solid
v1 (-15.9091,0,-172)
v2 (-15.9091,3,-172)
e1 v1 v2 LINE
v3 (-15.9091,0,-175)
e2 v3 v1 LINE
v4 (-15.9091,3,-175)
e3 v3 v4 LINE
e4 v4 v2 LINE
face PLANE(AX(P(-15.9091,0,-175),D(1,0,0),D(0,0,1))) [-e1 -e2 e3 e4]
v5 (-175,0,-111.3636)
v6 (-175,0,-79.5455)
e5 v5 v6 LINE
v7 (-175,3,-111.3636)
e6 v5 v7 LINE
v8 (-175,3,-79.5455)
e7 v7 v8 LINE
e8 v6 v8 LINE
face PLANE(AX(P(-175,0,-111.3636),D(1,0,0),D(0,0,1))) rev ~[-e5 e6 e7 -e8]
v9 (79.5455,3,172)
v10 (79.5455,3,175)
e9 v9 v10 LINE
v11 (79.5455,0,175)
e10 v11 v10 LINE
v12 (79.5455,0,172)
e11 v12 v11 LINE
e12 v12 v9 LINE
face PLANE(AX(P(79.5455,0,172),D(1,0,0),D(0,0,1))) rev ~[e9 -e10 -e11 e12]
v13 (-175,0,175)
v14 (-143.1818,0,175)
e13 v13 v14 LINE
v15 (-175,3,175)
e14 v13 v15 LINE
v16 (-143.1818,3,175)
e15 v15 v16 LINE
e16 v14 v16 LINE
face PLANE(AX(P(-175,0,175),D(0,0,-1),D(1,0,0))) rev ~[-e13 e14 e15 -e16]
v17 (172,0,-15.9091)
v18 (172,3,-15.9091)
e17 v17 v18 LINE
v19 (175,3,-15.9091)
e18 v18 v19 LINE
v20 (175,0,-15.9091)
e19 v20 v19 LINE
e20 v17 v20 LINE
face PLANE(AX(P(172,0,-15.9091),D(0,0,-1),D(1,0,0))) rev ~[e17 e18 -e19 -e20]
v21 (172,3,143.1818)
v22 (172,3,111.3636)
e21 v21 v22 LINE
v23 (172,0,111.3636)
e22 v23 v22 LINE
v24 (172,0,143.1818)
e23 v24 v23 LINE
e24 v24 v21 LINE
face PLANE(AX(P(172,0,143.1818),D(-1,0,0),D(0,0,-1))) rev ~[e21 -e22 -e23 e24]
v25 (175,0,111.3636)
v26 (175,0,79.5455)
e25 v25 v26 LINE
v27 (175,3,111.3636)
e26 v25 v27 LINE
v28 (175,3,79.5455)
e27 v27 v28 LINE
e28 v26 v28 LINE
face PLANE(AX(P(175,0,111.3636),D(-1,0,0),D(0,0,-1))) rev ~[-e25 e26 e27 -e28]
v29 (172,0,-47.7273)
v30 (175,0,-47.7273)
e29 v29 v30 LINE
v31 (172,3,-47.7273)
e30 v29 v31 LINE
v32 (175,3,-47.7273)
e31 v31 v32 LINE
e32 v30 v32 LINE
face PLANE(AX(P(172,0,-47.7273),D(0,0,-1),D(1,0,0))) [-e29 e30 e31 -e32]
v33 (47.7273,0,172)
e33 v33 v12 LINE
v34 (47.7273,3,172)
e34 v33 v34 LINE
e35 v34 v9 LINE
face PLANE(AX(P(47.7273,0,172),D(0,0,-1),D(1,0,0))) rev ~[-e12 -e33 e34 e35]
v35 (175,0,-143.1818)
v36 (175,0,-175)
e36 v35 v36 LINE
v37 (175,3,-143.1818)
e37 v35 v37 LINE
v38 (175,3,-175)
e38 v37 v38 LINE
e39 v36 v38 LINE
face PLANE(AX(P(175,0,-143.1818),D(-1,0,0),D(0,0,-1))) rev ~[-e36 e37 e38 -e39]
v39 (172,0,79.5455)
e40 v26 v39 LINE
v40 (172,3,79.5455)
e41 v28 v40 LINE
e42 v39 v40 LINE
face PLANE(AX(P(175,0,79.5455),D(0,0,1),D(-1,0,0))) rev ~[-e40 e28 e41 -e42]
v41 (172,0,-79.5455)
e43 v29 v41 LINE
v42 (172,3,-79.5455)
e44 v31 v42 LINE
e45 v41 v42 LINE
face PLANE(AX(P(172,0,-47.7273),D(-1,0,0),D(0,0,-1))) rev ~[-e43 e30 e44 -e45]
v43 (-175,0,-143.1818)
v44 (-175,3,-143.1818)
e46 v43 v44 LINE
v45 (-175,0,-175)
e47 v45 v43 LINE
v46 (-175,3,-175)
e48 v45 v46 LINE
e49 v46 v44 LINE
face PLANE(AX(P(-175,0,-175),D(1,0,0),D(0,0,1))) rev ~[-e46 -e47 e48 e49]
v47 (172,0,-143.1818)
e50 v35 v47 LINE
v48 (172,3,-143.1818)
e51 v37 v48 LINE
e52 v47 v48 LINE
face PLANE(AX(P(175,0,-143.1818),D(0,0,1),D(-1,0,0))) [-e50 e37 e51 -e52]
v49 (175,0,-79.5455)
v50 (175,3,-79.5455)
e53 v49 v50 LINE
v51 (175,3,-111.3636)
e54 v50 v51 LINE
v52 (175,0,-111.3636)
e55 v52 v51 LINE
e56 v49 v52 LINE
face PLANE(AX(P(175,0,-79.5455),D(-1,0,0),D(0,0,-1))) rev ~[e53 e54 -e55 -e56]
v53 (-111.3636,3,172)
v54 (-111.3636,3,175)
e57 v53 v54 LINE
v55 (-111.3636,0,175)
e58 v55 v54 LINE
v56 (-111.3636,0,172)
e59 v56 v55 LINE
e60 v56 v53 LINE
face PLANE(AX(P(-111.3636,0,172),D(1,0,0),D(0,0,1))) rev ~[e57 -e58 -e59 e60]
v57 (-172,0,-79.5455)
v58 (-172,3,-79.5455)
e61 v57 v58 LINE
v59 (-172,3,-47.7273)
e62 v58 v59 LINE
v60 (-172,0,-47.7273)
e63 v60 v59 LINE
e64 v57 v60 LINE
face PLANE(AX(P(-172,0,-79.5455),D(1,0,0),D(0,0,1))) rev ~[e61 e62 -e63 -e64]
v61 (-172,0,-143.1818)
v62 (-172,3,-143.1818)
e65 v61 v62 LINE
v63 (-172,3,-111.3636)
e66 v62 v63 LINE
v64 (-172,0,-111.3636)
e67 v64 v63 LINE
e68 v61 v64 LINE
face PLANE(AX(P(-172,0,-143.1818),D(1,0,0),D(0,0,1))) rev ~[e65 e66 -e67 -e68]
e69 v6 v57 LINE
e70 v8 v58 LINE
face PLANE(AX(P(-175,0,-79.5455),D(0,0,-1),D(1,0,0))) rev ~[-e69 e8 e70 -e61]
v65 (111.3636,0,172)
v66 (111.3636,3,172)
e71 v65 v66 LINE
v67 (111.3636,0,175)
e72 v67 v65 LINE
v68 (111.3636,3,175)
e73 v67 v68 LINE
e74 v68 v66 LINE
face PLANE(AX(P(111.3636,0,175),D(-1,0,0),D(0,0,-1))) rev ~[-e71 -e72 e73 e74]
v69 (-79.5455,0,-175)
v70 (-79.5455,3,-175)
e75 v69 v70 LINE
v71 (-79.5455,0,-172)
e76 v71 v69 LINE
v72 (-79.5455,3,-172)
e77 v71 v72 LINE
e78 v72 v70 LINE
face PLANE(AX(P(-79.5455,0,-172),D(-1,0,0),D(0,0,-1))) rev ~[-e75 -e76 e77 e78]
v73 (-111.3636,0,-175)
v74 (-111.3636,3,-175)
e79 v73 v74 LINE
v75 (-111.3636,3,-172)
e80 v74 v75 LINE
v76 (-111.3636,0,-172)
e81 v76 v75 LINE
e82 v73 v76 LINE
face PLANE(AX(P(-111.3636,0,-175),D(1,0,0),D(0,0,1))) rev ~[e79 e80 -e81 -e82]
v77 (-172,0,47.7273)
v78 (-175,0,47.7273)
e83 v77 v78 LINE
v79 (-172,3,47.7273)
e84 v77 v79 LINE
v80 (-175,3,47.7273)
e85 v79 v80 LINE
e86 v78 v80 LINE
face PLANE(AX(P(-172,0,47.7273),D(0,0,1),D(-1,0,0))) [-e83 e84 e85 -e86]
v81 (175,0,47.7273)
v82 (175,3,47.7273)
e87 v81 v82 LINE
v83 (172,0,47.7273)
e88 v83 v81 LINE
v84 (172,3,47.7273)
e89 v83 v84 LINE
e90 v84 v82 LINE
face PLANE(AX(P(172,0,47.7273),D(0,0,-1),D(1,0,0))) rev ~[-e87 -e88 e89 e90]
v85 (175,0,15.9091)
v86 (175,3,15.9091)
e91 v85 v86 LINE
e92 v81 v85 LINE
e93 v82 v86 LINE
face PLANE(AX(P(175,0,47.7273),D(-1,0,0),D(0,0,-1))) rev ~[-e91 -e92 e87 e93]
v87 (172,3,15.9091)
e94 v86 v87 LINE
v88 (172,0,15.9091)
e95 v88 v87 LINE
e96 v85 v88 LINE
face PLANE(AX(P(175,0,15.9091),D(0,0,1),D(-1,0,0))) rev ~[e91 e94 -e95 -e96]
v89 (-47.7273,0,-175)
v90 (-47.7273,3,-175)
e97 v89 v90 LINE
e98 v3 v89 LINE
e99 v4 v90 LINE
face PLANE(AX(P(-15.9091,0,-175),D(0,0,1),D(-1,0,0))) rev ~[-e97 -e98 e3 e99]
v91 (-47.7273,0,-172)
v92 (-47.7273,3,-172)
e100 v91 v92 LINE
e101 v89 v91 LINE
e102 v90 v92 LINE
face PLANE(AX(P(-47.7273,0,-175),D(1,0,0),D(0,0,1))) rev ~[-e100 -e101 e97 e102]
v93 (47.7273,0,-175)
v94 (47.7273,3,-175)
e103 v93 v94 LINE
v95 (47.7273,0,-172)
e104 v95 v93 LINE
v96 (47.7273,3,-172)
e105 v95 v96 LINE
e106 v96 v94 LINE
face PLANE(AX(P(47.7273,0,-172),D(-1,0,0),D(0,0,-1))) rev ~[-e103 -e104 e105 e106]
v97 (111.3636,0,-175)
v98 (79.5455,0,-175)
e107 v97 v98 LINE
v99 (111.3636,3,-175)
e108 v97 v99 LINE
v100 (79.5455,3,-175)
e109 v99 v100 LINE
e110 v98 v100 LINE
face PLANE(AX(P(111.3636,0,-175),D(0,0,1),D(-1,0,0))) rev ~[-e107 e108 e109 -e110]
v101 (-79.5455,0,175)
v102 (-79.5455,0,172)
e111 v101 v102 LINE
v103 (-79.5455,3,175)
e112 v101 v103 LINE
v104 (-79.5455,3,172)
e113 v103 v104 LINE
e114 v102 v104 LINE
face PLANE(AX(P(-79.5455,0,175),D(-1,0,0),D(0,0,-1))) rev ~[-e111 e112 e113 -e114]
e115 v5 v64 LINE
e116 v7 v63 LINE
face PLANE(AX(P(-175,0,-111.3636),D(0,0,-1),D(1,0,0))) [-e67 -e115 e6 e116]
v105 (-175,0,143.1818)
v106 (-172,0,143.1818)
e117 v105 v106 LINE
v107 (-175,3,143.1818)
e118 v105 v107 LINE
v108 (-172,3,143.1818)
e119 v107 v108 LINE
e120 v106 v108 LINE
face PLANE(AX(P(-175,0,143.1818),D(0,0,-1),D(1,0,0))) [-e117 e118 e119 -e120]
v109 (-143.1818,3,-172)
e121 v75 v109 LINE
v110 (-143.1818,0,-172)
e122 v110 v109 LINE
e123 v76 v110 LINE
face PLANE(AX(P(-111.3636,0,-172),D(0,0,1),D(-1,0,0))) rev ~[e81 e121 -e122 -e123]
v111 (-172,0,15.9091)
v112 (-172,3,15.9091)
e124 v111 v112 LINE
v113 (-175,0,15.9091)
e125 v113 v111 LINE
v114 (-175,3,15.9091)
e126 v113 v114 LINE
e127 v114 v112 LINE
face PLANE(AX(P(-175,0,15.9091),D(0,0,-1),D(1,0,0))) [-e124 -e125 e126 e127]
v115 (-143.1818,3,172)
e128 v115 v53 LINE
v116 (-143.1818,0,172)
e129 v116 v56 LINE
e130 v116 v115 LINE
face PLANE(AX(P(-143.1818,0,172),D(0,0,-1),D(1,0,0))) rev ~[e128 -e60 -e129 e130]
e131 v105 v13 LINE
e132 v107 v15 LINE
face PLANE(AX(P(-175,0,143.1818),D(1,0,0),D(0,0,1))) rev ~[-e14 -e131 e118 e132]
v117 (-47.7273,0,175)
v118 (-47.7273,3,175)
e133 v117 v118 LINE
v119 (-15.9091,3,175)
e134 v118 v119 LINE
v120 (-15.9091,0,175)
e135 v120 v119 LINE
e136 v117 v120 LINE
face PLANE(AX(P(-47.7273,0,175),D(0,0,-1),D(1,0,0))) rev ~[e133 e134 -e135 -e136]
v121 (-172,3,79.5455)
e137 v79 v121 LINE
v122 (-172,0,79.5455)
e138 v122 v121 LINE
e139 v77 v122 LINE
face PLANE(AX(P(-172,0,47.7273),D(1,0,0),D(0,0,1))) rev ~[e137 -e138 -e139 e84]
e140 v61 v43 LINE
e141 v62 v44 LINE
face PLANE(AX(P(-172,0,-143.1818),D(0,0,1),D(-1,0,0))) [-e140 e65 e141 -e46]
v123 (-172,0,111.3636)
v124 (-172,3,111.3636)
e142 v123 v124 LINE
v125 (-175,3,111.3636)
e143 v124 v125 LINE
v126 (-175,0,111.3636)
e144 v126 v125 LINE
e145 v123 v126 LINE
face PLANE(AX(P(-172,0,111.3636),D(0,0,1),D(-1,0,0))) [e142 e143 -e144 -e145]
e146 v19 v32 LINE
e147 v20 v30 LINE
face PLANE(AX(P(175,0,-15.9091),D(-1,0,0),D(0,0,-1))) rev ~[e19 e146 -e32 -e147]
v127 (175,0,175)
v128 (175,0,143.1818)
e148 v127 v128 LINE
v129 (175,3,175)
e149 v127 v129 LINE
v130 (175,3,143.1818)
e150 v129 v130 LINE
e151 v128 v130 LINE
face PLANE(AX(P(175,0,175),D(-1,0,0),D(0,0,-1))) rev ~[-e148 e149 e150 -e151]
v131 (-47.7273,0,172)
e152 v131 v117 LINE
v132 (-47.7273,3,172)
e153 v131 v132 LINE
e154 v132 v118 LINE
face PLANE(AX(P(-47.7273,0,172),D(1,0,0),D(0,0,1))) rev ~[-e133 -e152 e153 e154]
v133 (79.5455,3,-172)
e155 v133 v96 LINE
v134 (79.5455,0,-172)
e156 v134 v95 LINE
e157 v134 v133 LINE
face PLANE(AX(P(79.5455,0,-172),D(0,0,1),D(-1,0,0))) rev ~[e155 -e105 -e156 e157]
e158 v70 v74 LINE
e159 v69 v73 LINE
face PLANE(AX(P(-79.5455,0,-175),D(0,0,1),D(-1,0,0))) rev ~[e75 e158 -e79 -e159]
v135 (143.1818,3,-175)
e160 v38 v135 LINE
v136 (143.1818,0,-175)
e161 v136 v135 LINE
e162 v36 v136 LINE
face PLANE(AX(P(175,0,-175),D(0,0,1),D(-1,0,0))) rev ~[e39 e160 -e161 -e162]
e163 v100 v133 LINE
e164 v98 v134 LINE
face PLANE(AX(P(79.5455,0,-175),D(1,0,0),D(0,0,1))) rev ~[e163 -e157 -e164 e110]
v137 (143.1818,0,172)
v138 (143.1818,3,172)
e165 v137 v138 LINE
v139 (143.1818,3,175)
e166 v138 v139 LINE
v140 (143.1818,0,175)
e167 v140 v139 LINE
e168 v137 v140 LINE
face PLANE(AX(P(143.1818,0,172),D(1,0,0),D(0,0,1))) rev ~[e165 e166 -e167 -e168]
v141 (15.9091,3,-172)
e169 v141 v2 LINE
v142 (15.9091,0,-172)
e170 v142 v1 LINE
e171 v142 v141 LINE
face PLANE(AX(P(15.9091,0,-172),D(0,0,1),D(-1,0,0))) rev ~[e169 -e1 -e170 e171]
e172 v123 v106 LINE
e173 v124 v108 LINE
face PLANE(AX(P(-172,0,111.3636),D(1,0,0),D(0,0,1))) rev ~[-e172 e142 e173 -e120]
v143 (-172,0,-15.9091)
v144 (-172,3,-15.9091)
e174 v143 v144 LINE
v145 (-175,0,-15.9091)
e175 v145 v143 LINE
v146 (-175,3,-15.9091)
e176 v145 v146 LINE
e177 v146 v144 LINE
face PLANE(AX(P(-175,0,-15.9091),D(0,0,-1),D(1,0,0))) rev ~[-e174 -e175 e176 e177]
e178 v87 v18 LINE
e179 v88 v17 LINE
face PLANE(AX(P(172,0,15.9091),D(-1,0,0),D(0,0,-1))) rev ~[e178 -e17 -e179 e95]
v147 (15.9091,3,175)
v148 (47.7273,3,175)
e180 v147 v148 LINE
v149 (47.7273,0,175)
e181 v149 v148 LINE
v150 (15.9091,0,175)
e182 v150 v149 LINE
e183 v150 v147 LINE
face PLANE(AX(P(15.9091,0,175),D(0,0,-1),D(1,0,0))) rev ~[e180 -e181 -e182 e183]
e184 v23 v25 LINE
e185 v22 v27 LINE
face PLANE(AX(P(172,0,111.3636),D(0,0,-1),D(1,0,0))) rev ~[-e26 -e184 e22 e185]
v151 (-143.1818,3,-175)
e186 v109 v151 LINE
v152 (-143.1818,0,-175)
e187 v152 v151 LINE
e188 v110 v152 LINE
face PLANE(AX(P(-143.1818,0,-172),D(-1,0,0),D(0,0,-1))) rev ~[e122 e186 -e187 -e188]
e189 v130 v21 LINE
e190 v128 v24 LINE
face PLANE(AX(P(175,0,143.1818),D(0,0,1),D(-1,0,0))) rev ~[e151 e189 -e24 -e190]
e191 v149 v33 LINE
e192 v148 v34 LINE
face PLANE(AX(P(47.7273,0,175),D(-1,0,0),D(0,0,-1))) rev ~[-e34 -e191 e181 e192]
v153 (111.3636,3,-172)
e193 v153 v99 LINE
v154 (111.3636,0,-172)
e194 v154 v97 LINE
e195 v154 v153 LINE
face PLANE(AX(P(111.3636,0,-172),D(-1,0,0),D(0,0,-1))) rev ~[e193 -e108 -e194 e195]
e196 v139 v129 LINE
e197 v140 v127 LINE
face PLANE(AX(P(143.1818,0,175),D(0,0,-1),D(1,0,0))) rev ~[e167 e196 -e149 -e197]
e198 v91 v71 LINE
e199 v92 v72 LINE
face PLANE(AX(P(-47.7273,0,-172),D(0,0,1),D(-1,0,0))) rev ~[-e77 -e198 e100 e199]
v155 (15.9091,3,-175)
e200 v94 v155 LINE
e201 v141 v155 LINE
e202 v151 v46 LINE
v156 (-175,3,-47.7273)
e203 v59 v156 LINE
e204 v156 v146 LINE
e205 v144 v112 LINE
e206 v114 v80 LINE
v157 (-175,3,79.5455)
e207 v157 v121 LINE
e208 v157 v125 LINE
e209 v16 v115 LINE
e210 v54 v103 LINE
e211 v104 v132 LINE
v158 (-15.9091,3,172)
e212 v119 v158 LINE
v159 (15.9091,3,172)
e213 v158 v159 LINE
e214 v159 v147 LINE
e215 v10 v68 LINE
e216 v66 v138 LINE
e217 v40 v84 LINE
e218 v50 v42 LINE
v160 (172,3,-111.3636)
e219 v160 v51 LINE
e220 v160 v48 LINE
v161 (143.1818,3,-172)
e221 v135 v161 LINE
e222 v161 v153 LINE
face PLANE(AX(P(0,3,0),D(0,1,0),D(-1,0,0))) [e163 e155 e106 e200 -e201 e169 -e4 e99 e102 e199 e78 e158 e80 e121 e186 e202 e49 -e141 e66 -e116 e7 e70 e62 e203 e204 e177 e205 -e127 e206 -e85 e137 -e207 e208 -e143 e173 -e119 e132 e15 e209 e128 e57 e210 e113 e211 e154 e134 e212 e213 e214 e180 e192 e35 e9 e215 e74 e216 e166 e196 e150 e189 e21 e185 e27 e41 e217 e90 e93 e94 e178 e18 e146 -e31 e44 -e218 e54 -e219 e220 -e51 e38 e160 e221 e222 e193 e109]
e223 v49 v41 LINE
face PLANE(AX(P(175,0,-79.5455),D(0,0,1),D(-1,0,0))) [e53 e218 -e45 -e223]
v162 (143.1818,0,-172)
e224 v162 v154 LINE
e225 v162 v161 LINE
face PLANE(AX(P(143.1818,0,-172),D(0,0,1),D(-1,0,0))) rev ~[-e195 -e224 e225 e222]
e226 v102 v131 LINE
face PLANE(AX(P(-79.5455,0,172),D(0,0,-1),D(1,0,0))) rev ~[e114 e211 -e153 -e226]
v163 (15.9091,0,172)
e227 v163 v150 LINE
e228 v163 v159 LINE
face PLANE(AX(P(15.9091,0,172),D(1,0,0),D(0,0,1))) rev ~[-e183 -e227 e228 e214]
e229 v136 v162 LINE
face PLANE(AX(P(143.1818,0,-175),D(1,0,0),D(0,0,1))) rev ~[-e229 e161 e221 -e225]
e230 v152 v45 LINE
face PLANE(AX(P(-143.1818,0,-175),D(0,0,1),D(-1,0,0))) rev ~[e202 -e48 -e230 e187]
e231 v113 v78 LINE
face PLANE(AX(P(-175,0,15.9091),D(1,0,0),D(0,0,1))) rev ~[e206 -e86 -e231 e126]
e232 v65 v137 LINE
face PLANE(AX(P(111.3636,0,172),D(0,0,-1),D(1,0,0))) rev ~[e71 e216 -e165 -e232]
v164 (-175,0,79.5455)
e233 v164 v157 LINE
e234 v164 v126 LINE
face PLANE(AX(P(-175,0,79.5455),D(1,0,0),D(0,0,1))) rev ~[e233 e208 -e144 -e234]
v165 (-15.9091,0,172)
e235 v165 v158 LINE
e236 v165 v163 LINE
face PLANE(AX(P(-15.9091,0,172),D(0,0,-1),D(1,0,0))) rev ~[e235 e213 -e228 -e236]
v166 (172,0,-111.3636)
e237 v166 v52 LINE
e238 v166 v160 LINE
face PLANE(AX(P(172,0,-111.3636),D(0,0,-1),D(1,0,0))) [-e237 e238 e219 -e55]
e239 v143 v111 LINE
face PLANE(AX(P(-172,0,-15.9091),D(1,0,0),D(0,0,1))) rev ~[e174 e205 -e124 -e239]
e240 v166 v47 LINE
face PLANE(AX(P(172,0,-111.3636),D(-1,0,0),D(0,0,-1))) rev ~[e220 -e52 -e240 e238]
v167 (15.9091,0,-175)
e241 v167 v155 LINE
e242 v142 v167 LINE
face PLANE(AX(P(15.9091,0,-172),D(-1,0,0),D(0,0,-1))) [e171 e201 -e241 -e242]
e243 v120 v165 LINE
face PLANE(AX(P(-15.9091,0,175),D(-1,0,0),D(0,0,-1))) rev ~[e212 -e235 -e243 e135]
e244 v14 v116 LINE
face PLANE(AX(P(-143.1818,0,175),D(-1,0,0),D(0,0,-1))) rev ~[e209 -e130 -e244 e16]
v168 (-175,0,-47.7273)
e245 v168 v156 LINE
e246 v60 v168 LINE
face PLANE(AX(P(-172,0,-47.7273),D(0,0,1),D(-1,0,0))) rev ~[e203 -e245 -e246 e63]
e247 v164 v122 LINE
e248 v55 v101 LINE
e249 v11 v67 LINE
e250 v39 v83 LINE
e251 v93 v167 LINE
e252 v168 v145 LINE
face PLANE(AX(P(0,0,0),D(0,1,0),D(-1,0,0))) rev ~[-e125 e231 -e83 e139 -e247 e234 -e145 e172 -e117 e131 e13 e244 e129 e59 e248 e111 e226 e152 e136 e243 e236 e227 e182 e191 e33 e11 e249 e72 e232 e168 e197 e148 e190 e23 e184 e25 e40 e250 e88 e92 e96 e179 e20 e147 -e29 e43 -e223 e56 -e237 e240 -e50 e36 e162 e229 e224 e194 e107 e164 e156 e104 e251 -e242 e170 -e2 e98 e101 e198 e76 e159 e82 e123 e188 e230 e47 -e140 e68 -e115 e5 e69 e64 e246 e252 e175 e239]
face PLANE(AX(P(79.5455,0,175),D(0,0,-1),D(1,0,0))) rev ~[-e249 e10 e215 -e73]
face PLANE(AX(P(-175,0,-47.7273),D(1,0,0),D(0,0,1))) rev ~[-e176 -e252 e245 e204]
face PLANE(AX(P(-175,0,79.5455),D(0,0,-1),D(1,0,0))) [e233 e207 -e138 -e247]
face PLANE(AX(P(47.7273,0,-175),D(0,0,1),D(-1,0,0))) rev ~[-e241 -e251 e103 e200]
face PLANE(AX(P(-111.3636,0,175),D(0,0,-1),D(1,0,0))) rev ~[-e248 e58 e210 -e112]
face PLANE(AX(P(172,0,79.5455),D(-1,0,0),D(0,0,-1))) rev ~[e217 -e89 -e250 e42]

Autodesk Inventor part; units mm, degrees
ref_plane "YZ Plane" through (0, 0, 0) normal (1, 0, 0) x (0, 1, 0)
ref_plane "XZ Plane" through (0, 0, 0) normal (0, 1, 0) x (-1, 0, 0)
ref_plane "XY Plane" through (0, 0, 0) normal (0, 0, 1) x (1, 0, 0)
sketch "Sketch1" plane through (0, 0, 0) normal (0, 1, 0) x (-1, 0, 0)
  line L0 (143.1818, 175) -> (143.1818, 172)
  line L1 (111.3636, 172) -> (111.3636, 175)
  line L2 (79.5455, 175) -> (79.5455, 172)
  line L3 (47.7273, 172) -> (47.7273, 175)
  line L4 (15.9091, 175) -> (15.9091, 172)
  line L5 (-15.9091, 172) -> (-15.9091, 175)
  line L6 (-47.7273, 175) -> (-47.7273, 172)
  line L7 (-79.5455, 172) -> (-79.5455, 175)
  line L8 (-111.3636, 175) -> (-111.3636, 172)
  line L9 (-143.1818, 172) -> (-143.1818, 175)
  line L10 (-175, 143.1818) -> (-172, 143.1818)
  line L11 (-172, 111.3636) -> (-175, 111.3636)
  line L12 (-175, 79.5455) -> (-172, 79.5455)
  line L13 (-172, 47.7273) -> (-175, 47.7273)
  line L14 (-175, 15.9091) -> (-172, 15.9091)
  line L15 (-172, -15.9091) -> (-175, -15.9091)
  line L16 (-172, -47.7273) -> (-175, -47.7273)
  line L17 (-175, -79.5455) -> (-172, -79.5455)
  line L18 (-172, -111.3636) -> (-175, -111.3636)
  line L19 (-175, -143.1818) -> (-172, -143.1818)
  line L20 (-143.1818, -175) -> (-143.1818, -172)
  line L21 (-111.3636, -172) -> (-111.3636, -175)
  line L22 (-79.5455, -175) -> (-79.5455, -172)
  line L23 (-47.7273, -172) -> (-47.7273, -175)
  line L24 (-15.9091, -172) -> (-15.9091, -175)
  line L25 (15.9091, -175) -> (15.9091, -172)
  line L26 (143.1818, -172) -> (143.1818, -175)
  line L27 (111.3636, -175) -> (111.3636, -172)
  line L28 (79.5455, -172) -> (79.5455, -175)
  line L29 (47.7273, -175) -> (47.7273, -172)
  line L30 (172, -143.1818) -> (175, -143.1818)
  line L31 (175, -111.3636) -> (172, -111.3636)
  line L32 (175, -79.5455) -> (172, -79.5455)
  line L33 (175, -15.9091) -> (172, -15.9091)
  line L34 (175, 15.9091) -> (172, 15.9091)
  line L35 (175, 143.1818) -> (172, 143.1818)
  line L36 (172, 111.3636) -> (175, 111.3636)
  line L37 (175, 79.5455) -> (172, 79.5455)
  line L38 (172, 47.7273) -> (175, 47.7273)
  line L39 (111.3636, -172) -> (143.1818, -172)
  line L40 (47.7273, -172) -> (79.5455, -172)
  line L41 (-15.9091, -172) -> (15.9091, -172)
  line L42 (172, -143.1818) -> (172, -111.3636)
  line L43 (172, -15.9091) -> (172, 15.9091)
  line L44 (172, 47.7273) -> (172, 79.5455)
  line L45 (172, 111.3636) -> (172, 143.1818)
  line L46 (143.1818, 172) -> (111.3636, 172)
  line L47 (79.5455, 172) -> (47.7273, 172)
  line L48 (15.9091, 172) -> (-15.9091, 172)
  line L49 (-47.7273, 172) -> (-79.5455, 172)
  line L50 (-111.3636, 172) -> (-143.1818, 172)
  line L51 (-172, 143.1818) -> (-172, 111.3636)
  line L52 (-172, 79.5455) -> (-172, 47.7273)
  line L53 (-172, 15.9091) -> (-172, -15.9091)
  line L54 (-175, 47.7273) -> (-175, 15.9091)
  line L55 (-175, 175) -> (-175, 143.1818)
  line L56 (-175, 111.3636) -> (-175, 79.5455)
  line L57 (-143.1818, -172) -> (-111.3636, -172)
  line L58 (-79.5455, -172) -> (-47.7273, -172)
  line L59 (-172, -47.7273) -> (-172, -79.5455)
  line L60 (-172, -111.3636) -> (-172, -143.1818)
  line L61 (-175, -15.9091) -> (-175, -47.7273)
  line L62 (-175, -79.5455) -> (-175, -111.3636)
  line L63 (-175, -143.1818) -> (-175, -175)
  line L64 (-175, -175) -> (-143.1818, -175)
  line L65 (-111.3636, -175) -> (-79.5455, -175)
  line L66 (-47.7273, -175) -> (-15.9091, -175)
  line L67 (15.9091, -175) -> (47.7273, -175)
  line L68 (79.5455, -175) -> (111.3636, -175)
  line L69 (143.1818, -175) -> (175, -175)
  line L70 (175, -175) -> (175, -143.1818)
  line L71 (175, 15.9091) -> (175, 47.7273)
  line L72 (175, 79.5455) -> (175, 111.3636)
  line L73 (175, 143.1818) -> (175, 175)
  line L74 (175, 175) -> (143.1818, 175)
  line L75 (111.3636, 175) -> (79.5455, 175)
  line L76 (47.7273, 175) -> (15.9091, 175)
  line L77 (-15.9091, 175) -> (-47.7273, 175)
  line L78 (-79.5455, 175) -> (-111.3636, 175)
  line L79 (-143.1818, 175) -> (-175, 175)
  line L80 (172, -79.5455) -> (172, -47.7273)
  line L81 (172, -47.7273) -> (175, -47.7273)
  line L82 (175, -111.3636) -> (175, -79.5455)
  line L83 (175, -47.7273) -> (175, -15.9091)
  point P0 (0, 0)
  dimension "d1" = 350
  dimension "d3" = 350
  dimension "d5" = 175
  dimension "d6" = 175
  dimension "d7" = 3
  dimension "d8" = 3
  dimension "d9" = 3
  dimension "d10" = 3
extrude "Extrusion1" add sketch "Sketch1" along normal blind 3
equation "\"d1\" = wt"
equation "\"d3\" = lt"
equation "\"d5\" = 0.5 * lt"
equation "\"d6\" = 0.5 * wt"
equation "\"d7\" = tt"
equation "\"d8\" = tt"
equation "\"d9\" = tt"
equation "\"d10\" = tt"
equation "\"d13\" = tt"
equation "\"wt\" = 350"
equation "\"tt\" = 3"
equation "\"tol\" = 0"
equation "\"tiroir\" = 25.4"
equation "\"nHoles\" = 101.6"
equation "\"shelfH\" = 35"
equation "\"d0\" = 0.5 * wt"
equation "\"d2\" = 0.5 * lt"
equation "\"lt\" = 350"
equation "\"d4\" = tt"
properties part number "base"
